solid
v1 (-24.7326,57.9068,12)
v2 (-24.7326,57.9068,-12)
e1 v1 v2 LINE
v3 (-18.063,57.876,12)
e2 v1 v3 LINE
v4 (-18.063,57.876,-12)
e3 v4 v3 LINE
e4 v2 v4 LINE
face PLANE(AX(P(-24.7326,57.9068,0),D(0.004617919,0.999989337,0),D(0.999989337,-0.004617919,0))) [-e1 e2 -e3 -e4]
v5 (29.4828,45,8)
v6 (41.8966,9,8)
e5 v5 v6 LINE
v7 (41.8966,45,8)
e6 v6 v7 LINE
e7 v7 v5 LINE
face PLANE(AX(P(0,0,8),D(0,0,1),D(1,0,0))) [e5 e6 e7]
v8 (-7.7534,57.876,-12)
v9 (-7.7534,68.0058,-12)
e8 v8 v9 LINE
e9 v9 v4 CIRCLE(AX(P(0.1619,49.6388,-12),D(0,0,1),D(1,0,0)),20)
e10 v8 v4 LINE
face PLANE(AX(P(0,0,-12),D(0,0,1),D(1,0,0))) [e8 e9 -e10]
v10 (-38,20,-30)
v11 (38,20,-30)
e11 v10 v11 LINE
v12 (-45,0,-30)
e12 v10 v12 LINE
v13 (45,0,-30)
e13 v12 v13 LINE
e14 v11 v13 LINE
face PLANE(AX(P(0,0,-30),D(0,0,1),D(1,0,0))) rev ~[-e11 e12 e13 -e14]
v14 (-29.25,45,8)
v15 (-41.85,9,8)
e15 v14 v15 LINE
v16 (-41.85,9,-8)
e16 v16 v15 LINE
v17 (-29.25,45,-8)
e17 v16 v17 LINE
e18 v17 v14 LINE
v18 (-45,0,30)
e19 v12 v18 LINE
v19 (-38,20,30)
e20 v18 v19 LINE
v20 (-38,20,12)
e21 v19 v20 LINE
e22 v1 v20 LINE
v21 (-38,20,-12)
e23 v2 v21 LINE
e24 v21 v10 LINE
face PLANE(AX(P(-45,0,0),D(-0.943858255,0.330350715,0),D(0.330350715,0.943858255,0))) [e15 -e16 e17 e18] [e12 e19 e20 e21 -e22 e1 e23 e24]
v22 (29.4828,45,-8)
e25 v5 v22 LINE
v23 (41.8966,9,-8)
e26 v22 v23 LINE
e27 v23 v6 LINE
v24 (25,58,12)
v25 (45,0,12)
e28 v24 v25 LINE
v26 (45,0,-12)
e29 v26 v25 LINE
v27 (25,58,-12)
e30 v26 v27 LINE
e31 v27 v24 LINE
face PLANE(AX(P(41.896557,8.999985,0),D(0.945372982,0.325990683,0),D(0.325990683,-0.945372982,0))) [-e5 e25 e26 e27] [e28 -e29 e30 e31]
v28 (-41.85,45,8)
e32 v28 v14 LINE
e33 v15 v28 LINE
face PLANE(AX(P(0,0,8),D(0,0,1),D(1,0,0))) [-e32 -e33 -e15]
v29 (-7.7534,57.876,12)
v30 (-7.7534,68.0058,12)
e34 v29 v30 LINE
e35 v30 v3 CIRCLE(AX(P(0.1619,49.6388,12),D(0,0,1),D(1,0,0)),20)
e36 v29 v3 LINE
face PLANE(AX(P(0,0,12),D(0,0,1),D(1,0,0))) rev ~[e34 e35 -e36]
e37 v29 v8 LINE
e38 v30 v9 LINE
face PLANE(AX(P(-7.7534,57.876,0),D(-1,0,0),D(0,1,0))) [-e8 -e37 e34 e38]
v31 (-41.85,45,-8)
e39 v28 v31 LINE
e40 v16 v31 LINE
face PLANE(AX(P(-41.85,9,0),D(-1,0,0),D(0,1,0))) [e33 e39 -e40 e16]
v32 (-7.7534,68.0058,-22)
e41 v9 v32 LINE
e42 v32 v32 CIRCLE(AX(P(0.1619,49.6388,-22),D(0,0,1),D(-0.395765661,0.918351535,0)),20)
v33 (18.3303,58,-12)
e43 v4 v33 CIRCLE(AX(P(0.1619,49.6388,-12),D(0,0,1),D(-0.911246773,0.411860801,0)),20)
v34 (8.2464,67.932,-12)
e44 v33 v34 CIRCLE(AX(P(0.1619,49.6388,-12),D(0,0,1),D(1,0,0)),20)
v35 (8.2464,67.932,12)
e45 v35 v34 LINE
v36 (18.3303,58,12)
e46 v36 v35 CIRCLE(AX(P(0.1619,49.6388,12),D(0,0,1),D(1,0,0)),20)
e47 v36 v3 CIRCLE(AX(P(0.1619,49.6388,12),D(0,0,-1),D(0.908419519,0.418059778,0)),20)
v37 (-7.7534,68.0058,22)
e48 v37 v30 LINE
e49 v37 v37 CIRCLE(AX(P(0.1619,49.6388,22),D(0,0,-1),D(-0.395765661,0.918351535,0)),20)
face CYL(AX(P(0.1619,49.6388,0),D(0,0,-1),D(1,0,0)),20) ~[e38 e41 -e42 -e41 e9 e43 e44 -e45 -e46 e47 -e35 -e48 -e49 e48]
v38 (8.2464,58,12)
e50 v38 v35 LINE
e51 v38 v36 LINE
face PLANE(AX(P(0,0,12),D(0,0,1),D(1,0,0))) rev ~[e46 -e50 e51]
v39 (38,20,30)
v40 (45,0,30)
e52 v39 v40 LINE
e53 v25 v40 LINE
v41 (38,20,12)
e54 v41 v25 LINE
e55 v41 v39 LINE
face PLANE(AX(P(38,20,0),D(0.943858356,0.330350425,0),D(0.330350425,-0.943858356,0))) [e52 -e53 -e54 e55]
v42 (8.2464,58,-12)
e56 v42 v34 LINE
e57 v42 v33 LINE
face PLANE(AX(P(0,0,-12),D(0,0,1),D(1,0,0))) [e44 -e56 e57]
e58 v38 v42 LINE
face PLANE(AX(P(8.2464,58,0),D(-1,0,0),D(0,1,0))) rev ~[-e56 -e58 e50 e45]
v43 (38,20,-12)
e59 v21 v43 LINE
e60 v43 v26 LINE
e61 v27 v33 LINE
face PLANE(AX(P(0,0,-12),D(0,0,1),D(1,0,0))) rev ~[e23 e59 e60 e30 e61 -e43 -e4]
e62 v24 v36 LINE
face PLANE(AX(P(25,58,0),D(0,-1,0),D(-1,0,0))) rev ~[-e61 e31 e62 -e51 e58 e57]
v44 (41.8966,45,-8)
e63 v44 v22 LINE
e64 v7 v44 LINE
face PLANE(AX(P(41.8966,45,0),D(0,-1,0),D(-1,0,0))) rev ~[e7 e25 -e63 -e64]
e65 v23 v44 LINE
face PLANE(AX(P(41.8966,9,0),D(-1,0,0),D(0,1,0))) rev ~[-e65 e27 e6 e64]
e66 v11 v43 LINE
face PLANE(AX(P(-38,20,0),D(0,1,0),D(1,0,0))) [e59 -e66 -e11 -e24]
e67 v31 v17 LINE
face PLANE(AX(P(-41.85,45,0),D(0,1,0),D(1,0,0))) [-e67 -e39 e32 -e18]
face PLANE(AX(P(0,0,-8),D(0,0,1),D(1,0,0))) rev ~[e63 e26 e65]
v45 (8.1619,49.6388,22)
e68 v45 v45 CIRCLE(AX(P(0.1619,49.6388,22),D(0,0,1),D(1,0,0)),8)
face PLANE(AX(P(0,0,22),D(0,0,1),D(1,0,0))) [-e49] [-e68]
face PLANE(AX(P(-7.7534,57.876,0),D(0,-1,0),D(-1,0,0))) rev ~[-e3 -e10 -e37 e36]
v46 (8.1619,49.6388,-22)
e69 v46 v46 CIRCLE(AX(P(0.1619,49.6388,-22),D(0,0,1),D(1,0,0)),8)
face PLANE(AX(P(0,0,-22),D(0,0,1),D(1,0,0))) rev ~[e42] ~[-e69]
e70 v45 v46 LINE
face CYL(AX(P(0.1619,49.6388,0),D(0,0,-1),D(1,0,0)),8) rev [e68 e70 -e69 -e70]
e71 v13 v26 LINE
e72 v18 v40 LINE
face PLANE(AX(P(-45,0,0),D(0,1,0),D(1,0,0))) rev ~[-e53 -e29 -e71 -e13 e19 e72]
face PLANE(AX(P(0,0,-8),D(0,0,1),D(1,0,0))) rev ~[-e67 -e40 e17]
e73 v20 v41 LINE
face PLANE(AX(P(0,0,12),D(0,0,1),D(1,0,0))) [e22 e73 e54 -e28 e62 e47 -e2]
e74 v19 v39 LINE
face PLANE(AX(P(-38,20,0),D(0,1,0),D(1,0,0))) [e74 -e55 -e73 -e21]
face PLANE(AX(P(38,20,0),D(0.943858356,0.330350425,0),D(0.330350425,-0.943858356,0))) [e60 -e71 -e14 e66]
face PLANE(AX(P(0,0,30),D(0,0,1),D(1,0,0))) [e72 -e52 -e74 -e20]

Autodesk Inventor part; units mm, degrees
ref_plane "YZ Plane" through (0, 0, 0) normal (1, 0, 0) x (0, 1, 0)
ref_plane "XZ Plane" through (0, 0, 0) normal (0, 1, 0) x (-1, 0, 0)
ref_plane "XY Plane" through (0, 0, 0) normal (0, 0, 1) x (1, 0, 0)
sketch "Sketch1" plane through (0, 0, 0) normal (0, 0, 1) x (1, 0, 0)
  line L0 (-45, 0) -> (45, 0)
  circle A0 centre (0.1619, 49.6388) radius 8
  circle A1 centre (0.1619, 49.6388) radius 20
  line L1 (-7.7534, 57.876) -> (-7.7534, 68.0058)
  line L2 (-7.7534, 57.876) -> (-18.063, 57.876)
  line L3 (8.2464, 58) -> (18.3303, 58)
  line L4 (8.2464, 58) -> (8.2464, 67.932)
  line L5 (25, 58) -> (18.3303, 58)
  line L6 (-24.7326, 57.9068) -> (-18.063, 57.876)
  line L7 (45, 0) -> (-45, 0)
  line L8 (-41.85, 9) -> (-41.85, 45)
  line L9 (-41.85, 45) -> (-29.25, 45)
  line L10 (41.8966, 9) -> (41.8966, 45)
  line L11 (41.8966, 45) -> (29.4828, 45)
  line L12 (-38, 20) -> (38, 20)
  line L13 (-45, 0) -> (-24.7326, 57.9068)
  line L14 (25, 58) -> (45, 0)
  line L15 (-45, 0) -> (-38, 20)
  line L16 (38, 20) -> (45, 0)
  point P0 (0, 0)
extrude "Extrusion1" add sketch "Sketch1" along normal mid plane 44 contours A1 L2 L1 L4 L3
extrude "Extrusion2" add sketch "Sketch1" along normal mid plane 44 contours L3 L4 A1
extrude "Extrusion3" add sketch "Sketch1" along normal mid plane 44 contours A1 L1 L2
extrude "Extrusion4" cut sketch "Sketch1" along normal mid plane 24 contours A1 L1 L2
extrude "Extrusion5" cut sketch "Sketch1" along normal mid plane 24 contours L3 L4 A1
extrude "Extrusion6" add sketch "Sketch1" along normal mid plane 16 contours L14 L11 L10
extrude "Extrusion7" add sketch "Sketch1" along normal mid plane 16 contours L8 L9 L13
extrude "Extrusion8" add sketch "Sketch1" along normal mid plane 24 contours L16 L12 L13 L6 A1 L5 L14
extrude "Extrusion9" add sketch "Sketch1" along normal mid plane 60 contours L13 L12 L16 L0
properties part number "Q2 auto"
